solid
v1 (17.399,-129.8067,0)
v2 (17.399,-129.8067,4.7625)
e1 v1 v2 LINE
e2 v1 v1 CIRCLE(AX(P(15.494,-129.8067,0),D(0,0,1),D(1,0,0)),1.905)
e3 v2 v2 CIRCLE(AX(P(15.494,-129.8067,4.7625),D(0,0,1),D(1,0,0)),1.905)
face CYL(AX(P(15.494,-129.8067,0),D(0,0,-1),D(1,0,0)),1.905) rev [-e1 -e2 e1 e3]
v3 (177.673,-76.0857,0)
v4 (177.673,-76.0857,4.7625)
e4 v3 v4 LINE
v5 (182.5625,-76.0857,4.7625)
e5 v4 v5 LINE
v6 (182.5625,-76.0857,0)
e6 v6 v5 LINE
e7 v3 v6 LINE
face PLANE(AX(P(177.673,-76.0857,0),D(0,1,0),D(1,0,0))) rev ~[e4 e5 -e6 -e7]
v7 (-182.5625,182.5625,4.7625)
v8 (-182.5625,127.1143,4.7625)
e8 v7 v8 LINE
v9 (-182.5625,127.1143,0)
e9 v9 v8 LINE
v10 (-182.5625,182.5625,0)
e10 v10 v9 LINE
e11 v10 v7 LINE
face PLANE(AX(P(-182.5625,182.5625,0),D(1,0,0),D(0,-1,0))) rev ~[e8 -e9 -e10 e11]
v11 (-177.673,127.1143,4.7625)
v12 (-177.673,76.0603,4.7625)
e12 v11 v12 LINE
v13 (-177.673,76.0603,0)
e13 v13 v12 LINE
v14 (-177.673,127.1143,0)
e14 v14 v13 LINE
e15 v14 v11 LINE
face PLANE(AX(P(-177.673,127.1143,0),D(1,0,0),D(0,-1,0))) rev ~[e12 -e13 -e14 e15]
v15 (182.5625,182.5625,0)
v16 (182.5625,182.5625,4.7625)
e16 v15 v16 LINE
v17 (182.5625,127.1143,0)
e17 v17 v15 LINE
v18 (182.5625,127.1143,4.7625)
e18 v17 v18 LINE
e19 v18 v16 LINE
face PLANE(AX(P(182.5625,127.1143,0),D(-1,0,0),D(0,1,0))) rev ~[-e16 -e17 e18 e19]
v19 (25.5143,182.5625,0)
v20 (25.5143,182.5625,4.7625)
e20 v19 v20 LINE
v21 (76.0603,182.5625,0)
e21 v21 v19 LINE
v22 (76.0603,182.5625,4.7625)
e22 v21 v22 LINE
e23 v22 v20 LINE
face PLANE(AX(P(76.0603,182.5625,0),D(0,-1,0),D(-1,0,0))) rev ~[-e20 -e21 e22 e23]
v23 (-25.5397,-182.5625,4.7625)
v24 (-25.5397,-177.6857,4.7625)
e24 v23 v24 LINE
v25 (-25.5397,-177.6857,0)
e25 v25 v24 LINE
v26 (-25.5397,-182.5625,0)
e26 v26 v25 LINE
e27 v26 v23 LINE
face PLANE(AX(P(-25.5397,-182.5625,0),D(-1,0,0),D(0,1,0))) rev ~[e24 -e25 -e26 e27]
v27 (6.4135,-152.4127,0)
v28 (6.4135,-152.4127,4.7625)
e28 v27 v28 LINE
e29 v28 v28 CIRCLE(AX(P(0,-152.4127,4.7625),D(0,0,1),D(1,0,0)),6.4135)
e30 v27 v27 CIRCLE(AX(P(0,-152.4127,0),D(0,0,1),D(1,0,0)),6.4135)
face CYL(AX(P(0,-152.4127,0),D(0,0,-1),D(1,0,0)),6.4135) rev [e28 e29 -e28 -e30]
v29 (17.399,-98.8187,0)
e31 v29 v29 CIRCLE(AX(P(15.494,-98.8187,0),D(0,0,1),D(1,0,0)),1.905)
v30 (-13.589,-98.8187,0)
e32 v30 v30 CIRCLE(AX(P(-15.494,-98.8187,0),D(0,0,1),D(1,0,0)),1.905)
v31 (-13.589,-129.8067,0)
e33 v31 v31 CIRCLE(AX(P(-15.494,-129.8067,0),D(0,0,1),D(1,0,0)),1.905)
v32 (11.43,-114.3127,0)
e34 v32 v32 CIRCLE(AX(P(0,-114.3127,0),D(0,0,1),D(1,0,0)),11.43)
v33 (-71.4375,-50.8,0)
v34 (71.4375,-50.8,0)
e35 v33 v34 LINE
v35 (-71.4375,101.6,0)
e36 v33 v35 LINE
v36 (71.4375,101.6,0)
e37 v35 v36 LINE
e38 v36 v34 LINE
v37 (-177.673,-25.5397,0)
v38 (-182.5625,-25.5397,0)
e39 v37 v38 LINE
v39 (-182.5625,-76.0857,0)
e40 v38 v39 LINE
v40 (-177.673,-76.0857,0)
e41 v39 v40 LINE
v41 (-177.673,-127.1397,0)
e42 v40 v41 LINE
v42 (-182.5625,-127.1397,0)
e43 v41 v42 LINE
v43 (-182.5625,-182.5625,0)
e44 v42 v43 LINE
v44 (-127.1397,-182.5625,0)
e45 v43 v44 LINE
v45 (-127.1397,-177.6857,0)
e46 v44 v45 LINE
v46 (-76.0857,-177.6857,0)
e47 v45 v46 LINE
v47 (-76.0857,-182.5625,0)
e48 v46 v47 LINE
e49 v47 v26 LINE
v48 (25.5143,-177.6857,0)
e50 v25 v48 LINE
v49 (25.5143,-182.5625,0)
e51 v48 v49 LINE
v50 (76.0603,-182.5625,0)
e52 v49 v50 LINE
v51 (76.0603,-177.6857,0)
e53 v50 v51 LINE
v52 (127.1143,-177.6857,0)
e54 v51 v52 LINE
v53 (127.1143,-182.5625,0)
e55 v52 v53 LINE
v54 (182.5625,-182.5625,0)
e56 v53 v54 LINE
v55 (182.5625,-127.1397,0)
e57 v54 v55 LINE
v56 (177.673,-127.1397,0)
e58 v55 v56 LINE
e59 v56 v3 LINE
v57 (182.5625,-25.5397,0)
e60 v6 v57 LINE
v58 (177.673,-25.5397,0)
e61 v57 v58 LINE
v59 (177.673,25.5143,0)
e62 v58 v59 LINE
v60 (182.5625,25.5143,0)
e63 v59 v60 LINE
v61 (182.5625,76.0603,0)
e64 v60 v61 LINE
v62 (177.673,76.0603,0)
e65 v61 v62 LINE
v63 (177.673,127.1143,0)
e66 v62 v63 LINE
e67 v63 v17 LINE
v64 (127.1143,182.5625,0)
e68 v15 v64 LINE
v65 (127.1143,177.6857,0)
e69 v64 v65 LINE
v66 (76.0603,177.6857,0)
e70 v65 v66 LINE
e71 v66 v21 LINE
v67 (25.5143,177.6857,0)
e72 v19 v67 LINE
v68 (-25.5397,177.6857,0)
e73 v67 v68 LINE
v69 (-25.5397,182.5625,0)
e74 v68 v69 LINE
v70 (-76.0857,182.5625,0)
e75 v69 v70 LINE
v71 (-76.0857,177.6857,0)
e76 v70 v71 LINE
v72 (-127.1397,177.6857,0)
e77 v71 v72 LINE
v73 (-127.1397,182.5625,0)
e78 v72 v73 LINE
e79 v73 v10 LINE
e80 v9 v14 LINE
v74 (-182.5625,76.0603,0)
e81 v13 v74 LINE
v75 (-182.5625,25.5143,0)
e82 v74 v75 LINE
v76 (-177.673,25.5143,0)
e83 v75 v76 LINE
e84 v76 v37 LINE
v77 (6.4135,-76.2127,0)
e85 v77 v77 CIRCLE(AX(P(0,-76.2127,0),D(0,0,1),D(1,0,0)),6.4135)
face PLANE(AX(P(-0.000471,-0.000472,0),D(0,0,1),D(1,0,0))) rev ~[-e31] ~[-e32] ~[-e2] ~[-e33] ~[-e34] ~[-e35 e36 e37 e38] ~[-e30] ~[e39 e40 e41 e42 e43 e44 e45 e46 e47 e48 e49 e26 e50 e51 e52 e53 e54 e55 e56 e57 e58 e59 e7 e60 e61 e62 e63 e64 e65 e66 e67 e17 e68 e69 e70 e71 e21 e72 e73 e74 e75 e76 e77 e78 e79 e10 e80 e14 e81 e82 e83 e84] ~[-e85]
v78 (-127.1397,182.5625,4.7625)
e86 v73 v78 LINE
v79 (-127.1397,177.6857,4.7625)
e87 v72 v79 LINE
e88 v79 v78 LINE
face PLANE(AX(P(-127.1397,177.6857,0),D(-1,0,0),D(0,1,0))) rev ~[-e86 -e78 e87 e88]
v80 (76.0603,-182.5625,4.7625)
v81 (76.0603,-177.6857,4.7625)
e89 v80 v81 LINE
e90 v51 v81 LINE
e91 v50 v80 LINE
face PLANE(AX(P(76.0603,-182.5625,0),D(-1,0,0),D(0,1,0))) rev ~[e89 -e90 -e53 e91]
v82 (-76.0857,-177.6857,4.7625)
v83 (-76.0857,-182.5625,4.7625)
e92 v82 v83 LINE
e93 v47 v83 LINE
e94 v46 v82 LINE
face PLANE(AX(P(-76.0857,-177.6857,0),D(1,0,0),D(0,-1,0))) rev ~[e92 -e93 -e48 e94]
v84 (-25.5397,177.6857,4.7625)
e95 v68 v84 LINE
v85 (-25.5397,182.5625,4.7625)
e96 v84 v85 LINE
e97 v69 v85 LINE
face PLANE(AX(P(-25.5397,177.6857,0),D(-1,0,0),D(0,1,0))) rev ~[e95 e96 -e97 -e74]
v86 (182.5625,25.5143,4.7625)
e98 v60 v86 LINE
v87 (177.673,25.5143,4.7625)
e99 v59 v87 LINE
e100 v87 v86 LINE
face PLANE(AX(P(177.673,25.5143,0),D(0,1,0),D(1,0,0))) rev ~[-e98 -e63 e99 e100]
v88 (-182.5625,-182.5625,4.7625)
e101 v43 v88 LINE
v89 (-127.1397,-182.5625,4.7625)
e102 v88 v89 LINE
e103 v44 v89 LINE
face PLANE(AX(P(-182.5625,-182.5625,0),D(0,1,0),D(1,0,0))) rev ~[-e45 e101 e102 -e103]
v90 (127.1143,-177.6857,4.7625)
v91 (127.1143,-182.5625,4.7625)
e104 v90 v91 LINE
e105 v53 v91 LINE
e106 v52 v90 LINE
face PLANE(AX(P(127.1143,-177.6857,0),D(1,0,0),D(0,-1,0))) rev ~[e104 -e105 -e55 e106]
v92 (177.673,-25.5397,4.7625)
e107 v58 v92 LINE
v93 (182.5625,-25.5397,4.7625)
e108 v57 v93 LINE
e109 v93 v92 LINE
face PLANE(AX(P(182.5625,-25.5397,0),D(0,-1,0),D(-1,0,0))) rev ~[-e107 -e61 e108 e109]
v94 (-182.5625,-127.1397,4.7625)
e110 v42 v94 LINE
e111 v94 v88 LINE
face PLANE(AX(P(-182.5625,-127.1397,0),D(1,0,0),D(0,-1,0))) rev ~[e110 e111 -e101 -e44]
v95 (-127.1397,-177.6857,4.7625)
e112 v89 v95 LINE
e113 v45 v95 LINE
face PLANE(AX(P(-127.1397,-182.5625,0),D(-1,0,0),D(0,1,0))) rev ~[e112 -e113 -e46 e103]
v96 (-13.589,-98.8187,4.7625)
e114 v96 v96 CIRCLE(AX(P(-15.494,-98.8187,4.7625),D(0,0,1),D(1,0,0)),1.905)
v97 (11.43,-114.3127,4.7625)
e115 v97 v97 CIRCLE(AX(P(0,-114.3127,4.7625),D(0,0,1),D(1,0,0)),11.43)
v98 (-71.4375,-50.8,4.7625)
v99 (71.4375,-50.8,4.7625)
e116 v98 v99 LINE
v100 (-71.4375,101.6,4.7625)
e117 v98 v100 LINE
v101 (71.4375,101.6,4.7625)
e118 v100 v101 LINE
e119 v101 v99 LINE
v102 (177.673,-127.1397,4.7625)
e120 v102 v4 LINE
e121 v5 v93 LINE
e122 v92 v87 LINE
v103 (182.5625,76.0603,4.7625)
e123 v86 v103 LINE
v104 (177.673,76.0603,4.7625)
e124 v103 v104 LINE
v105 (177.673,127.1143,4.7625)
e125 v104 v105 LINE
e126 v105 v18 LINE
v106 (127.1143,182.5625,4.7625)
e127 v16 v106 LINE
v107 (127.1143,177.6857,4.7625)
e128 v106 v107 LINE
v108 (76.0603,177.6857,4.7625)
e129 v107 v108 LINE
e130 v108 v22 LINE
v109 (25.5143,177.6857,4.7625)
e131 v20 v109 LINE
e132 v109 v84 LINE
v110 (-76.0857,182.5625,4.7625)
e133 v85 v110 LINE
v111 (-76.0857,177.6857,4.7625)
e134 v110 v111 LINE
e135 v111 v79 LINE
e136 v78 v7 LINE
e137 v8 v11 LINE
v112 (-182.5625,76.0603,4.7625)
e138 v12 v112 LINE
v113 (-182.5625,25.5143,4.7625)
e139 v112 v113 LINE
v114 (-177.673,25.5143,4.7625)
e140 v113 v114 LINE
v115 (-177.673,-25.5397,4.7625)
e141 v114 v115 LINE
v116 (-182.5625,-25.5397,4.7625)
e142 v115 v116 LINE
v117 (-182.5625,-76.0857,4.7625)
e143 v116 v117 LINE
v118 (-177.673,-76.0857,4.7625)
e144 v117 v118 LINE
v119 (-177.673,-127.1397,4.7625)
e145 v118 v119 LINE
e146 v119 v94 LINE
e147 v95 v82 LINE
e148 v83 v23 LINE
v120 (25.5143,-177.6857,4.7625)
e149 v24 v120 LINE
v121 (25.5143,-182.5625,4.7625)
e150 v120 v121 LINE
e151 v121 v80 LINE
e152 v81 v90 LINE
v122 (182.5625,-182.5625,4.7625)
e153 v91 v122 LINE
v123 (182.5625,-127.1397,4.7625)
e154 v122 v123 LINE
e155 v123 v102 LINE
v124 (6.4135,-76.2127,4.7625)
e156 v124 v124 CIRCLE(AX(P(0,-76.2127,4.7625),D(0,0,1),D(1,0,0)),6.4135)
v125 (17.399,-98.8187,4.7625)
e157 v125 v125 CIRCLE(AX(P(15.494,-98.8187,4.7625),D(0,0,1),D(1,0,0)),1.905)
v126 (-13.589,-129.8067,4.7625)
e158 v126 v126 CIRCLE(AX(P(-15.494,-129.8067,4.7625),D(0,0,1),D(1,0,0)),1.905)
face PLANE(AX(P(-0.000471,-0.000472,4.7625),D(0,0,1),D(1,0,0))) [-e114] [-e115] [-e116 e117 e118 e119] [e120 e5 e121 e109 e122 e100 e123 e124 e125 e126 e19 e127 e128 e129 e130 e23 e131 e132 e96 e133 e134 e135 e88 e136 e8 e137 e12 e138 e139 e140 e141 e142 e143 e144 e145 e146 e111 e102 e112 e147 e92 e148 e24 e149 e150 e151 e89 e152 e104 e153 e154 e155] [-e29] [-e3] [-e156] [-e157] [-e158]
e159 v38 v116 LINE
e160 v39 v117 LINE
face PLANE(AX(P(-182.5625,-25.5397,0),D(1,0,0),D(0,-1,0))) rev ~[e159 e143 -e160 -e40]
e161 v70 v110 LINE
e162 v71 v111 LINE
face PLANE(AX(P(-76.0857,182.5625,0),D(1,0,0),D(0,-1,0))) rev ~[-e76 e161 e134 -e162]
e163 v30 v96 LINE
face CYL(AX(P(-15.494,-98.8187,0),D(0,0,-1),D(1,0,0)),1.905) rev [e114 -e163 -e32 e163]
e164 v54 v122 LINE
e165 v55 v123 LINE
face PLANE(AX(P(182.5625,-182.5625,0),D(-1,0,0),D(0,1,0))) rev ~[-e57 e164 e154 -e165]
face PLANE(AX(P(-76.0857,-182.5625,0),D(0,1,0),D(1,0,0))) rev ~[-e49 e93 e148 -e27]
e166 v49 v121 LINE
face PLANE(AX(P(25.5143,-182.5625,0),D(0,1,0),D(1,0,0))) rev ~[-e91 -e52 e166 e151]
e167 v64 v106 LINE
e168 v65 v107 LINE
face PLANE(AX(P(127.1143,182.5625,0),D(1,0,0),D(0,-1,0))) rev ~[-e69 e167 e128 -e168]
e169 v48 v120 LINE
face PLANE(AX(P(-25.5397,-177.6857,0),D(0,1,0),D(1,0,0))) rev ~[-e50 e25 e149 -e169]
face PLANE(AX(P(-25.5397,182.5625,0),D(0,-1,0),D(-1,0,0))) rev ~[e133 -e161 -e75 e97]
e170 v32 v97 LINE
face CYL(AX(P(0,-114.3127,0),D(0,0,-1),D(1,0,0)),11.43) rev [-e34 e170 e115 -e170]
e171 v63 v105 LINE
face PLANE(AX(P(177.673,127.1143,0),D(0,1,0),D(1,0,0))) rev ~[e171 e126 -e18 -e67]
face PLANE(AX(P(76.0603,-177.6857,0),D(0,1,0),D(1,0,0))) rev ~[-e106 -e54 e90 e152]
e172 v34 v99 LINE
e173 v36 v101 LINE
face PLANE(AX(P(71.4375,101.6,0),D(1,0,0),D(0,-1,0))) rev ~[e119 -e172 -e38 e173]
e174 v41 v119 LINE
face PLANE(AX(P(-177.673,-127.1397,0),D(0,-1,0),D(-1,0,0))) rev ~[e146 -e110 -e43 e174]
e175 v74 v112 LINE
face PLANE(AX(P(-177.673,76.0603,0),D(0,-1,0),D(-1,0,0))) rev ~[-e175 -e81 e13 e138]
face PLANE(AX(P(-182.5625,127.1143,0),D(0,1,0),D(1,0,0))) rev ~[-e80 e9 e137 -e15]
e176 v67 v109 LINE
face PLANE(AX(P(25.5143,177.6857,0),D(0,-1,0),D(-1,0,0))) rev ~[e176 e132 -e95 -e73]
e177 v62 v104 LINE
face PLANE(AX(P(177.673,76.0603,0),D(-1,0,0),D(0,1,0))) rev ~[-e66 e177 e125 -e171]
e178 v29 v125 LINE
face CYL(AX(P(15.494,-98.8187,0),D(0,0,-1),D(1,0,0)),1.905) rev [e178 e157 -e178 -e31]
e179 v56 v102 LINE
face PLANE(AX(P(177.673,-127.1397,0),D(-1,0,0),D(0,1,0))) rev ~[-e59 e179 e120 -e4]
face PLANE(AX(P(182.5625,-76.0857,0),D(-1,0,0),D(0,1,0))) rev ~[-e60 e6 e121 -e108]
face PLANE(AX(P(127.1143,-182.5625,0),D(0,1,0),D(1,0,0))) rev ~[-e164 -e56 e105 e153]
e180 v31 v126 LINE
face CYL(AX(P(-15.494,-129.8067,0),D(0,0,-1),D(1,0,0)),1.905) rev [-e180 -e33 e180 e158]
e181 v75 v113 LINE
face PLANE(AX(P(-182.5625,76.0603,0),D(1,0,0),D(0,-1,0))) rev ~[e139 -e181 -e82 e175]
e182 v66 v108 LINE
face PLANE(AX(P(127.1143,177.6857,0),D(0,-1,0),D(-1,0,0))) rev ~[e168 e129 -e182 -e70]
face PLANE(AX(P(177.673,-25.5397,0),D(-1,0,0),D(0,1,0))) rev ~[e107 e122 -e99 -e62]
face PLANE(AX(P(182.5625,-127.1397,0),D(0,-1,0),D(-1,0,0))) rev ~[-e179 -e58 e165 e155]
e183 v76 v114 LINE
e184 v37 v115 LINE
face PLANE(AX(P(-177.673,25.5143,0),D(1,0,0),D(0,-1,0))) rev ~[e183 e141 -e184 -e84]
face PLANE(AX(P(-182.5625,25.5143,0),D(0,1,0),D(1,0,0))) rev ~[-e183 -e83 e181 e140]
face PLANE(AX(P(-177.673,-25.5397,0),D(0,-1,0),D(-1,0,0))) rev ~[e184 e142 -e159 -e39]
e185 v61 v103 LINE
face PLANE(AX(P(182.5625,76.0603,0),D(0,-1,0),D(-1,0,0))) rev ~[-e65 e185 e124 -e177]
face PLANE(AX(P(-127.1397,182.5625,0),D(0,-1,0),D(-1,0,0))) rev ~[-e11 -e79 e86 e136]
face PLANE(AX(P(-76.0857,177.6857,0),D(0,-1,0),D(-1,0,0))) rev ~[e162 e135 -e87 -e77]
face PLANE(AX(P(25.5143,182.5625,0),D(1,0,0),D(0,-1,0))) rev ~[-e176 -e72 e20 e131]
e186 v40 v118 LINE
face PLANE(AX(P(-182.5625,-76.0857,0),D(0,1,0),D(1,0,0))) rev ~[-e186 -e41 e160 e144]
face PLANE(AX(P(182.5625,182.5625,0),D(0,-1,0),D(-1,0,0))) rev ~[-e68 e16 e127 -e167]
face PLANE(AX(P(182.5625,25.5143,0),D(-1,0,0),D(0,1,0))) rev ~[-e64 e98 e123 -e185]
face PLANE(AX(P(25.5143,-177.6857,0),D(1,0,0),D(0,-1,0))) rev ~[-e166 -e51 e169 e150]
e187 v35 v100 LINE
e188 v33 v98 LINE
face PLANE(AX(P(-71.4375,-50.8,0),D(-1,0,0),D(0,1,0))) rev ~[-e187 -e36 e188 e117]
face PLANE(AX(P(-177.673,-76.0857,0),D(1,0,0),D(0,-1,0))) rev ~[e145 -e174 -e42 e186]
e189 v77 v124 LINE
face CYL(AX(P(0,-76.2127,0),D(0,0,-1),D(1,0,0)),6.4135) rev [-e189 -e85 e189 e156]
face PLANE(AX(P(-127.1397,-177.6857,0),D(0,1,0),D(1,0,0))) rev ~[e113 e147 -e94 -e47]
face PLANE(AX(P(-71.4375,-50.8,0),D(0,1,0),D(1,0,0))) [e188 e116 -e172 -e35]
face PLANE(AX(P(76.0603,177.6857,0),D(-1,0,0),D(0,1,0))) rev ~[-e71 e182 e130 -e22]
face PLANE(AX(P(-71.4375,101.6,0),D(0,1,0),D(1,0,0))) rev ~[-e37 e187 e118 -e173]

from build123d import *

# Parameters (mm, degrees)
F0_R     = 1.905
F0_R_2   = 6.4135
F0_R_3   = 11.43
F0_W     = 142.875
F0_H     = 25.4
F0_H_2   = 12.7
F1_DEPTH = 4.7625


with BuildPart() as f1:
    # F0 (on Top) → F1 (new body)
    with BuildSketch(Plane.XY):
        Polygon((182.5625, 127.1143), (182.5625, 182.5625), (127.1143, 182.5625), (127.1143, 177.6857), (76.0603, 177.6857), (76.0603, 182.5625), (25.5143, 182.5625), (25.5143, 177.6857), (-25.5397, 177.6857), (-25.5397, 182.5625), (-76.0857, 182.5625), (-76.0857, 177.6857), (-127.1397, 177.6857), (-127.1397, 182.5625), (-182.5625, 182.5625), (-182.5625, 127.1143), (-177.673, 127.1143), (-177.673, 76.0603), (-182.5625, 76.0603), (-182.5625, 25.5143), (-177.673, 25.5143), (-177.673, -25.5397), (-182.5625, -25.5397), (-182.5625, -76.0857), (-177.673, -76.0857), (-177.673, -127.1397), (-182.5625, -127.1397), (-182.5625, -182.5625), (-127.1397, -182.5625), (-127.1397, -177.6857), (-76.0857, -177.6857), (-76.0857, -182.5625), (-25.5397, -182.5625), (-25.5397, -177.6857), (25.5143, -177.6857), (25.5143, -182.5625), (76.0603, -182.5625), (76.0603, -177.6857), (127.1143, -177.6857), (127.1143, -182.5625), (182.5625, -182.5625), (182.5625, -127.1397), (177.673, -127.1397), (177.673, -76.0857), (182.5625, -76.0857), (182.5625, -25.5397), (177.673, -25.5397), (177.673, 25.5143), (182.5625, 25.5143), (182.5625, 76.0603), (177.673, 76.0603), (177.673, 127.1143), align=None)
        with Locations((-15.494, -129.8067)):
            Circle(F0_R, mode=Mode.SUBTRACT)
        with Locations((-15.494, -98.8187)):
            Circle(F0_R, mode=Mode.SUBTRACT)
        with Locations((0, -152.4127)):
            Circle(F0_R_2, mode=Mode.SUBTRACT)
        with Locations((15.494, -129.8067)):
            Circle(F0_R, mode=Mode.SUBTRACT)
        with Locations((0, -114.3127)):
            Circle(F0_R_3, mode=Mode.SUBTRACT)
        with Locations((15.494, -98.8187)):
            Circle(F0_R, mode=Mode.SUBTRACT)
        with Locations((-15.494, 124.2187)):
            Circle(F0_R, mode=Mode.SUBTRACT)
        with Locations((-15.494, 155.2067)):
            Circle(F0_R, mode=Mode.SUBTRACT)
        Polygon((-71.4375, -88.9), (-71.4375, -63.5), (-71.4375, -50.8), (-71.4375, 63.5), (-71.4375, 101.6), (71.4375, 101.6), (71.4375, 63.5), (71.4375, -50.8), (71.4375, -63.5), (71.4375, -88.9), align=None, mode=Mode.SUBTRACT)
        with Locations((15.494, 124.2187)):
            Circle(F0_R, mode=Mode.SUBTRACT)
        with Locations((0, 139.7127)):
            Circle(F0_R_3, mode=Mode.SUBTRACT)
        with Locations((15.494, 155.2067)):
            Circle(F0_R, mode=Mode.SUBTRACT)
        with Locations((-15.494, 124.2187)):
            Circle(F0_R)
        with Locations((15.494, 124.2187)):
            Circle(F0_R)
        with Locations((15.494, 155.2067)):
            Circle(F0_R)
        with Locations((-15.494, 155.2067)):
            Circle(F0_R)
        with Locations((0, 139.7127)):
            Circle(F0_R_3)
        with Locations((0, -76.2)):
            Rectangle(F0_W, F0_H)
        with Locations((0, -76.2127)):
            Circle(F0_R_2, mode=Mode.SUBTRACT)
        with Locations((0, -57.15)):
            Rectangle(F0_W, F0_H_2)
    extrude(amount=F1_DEPTH)


solid = f1.part
